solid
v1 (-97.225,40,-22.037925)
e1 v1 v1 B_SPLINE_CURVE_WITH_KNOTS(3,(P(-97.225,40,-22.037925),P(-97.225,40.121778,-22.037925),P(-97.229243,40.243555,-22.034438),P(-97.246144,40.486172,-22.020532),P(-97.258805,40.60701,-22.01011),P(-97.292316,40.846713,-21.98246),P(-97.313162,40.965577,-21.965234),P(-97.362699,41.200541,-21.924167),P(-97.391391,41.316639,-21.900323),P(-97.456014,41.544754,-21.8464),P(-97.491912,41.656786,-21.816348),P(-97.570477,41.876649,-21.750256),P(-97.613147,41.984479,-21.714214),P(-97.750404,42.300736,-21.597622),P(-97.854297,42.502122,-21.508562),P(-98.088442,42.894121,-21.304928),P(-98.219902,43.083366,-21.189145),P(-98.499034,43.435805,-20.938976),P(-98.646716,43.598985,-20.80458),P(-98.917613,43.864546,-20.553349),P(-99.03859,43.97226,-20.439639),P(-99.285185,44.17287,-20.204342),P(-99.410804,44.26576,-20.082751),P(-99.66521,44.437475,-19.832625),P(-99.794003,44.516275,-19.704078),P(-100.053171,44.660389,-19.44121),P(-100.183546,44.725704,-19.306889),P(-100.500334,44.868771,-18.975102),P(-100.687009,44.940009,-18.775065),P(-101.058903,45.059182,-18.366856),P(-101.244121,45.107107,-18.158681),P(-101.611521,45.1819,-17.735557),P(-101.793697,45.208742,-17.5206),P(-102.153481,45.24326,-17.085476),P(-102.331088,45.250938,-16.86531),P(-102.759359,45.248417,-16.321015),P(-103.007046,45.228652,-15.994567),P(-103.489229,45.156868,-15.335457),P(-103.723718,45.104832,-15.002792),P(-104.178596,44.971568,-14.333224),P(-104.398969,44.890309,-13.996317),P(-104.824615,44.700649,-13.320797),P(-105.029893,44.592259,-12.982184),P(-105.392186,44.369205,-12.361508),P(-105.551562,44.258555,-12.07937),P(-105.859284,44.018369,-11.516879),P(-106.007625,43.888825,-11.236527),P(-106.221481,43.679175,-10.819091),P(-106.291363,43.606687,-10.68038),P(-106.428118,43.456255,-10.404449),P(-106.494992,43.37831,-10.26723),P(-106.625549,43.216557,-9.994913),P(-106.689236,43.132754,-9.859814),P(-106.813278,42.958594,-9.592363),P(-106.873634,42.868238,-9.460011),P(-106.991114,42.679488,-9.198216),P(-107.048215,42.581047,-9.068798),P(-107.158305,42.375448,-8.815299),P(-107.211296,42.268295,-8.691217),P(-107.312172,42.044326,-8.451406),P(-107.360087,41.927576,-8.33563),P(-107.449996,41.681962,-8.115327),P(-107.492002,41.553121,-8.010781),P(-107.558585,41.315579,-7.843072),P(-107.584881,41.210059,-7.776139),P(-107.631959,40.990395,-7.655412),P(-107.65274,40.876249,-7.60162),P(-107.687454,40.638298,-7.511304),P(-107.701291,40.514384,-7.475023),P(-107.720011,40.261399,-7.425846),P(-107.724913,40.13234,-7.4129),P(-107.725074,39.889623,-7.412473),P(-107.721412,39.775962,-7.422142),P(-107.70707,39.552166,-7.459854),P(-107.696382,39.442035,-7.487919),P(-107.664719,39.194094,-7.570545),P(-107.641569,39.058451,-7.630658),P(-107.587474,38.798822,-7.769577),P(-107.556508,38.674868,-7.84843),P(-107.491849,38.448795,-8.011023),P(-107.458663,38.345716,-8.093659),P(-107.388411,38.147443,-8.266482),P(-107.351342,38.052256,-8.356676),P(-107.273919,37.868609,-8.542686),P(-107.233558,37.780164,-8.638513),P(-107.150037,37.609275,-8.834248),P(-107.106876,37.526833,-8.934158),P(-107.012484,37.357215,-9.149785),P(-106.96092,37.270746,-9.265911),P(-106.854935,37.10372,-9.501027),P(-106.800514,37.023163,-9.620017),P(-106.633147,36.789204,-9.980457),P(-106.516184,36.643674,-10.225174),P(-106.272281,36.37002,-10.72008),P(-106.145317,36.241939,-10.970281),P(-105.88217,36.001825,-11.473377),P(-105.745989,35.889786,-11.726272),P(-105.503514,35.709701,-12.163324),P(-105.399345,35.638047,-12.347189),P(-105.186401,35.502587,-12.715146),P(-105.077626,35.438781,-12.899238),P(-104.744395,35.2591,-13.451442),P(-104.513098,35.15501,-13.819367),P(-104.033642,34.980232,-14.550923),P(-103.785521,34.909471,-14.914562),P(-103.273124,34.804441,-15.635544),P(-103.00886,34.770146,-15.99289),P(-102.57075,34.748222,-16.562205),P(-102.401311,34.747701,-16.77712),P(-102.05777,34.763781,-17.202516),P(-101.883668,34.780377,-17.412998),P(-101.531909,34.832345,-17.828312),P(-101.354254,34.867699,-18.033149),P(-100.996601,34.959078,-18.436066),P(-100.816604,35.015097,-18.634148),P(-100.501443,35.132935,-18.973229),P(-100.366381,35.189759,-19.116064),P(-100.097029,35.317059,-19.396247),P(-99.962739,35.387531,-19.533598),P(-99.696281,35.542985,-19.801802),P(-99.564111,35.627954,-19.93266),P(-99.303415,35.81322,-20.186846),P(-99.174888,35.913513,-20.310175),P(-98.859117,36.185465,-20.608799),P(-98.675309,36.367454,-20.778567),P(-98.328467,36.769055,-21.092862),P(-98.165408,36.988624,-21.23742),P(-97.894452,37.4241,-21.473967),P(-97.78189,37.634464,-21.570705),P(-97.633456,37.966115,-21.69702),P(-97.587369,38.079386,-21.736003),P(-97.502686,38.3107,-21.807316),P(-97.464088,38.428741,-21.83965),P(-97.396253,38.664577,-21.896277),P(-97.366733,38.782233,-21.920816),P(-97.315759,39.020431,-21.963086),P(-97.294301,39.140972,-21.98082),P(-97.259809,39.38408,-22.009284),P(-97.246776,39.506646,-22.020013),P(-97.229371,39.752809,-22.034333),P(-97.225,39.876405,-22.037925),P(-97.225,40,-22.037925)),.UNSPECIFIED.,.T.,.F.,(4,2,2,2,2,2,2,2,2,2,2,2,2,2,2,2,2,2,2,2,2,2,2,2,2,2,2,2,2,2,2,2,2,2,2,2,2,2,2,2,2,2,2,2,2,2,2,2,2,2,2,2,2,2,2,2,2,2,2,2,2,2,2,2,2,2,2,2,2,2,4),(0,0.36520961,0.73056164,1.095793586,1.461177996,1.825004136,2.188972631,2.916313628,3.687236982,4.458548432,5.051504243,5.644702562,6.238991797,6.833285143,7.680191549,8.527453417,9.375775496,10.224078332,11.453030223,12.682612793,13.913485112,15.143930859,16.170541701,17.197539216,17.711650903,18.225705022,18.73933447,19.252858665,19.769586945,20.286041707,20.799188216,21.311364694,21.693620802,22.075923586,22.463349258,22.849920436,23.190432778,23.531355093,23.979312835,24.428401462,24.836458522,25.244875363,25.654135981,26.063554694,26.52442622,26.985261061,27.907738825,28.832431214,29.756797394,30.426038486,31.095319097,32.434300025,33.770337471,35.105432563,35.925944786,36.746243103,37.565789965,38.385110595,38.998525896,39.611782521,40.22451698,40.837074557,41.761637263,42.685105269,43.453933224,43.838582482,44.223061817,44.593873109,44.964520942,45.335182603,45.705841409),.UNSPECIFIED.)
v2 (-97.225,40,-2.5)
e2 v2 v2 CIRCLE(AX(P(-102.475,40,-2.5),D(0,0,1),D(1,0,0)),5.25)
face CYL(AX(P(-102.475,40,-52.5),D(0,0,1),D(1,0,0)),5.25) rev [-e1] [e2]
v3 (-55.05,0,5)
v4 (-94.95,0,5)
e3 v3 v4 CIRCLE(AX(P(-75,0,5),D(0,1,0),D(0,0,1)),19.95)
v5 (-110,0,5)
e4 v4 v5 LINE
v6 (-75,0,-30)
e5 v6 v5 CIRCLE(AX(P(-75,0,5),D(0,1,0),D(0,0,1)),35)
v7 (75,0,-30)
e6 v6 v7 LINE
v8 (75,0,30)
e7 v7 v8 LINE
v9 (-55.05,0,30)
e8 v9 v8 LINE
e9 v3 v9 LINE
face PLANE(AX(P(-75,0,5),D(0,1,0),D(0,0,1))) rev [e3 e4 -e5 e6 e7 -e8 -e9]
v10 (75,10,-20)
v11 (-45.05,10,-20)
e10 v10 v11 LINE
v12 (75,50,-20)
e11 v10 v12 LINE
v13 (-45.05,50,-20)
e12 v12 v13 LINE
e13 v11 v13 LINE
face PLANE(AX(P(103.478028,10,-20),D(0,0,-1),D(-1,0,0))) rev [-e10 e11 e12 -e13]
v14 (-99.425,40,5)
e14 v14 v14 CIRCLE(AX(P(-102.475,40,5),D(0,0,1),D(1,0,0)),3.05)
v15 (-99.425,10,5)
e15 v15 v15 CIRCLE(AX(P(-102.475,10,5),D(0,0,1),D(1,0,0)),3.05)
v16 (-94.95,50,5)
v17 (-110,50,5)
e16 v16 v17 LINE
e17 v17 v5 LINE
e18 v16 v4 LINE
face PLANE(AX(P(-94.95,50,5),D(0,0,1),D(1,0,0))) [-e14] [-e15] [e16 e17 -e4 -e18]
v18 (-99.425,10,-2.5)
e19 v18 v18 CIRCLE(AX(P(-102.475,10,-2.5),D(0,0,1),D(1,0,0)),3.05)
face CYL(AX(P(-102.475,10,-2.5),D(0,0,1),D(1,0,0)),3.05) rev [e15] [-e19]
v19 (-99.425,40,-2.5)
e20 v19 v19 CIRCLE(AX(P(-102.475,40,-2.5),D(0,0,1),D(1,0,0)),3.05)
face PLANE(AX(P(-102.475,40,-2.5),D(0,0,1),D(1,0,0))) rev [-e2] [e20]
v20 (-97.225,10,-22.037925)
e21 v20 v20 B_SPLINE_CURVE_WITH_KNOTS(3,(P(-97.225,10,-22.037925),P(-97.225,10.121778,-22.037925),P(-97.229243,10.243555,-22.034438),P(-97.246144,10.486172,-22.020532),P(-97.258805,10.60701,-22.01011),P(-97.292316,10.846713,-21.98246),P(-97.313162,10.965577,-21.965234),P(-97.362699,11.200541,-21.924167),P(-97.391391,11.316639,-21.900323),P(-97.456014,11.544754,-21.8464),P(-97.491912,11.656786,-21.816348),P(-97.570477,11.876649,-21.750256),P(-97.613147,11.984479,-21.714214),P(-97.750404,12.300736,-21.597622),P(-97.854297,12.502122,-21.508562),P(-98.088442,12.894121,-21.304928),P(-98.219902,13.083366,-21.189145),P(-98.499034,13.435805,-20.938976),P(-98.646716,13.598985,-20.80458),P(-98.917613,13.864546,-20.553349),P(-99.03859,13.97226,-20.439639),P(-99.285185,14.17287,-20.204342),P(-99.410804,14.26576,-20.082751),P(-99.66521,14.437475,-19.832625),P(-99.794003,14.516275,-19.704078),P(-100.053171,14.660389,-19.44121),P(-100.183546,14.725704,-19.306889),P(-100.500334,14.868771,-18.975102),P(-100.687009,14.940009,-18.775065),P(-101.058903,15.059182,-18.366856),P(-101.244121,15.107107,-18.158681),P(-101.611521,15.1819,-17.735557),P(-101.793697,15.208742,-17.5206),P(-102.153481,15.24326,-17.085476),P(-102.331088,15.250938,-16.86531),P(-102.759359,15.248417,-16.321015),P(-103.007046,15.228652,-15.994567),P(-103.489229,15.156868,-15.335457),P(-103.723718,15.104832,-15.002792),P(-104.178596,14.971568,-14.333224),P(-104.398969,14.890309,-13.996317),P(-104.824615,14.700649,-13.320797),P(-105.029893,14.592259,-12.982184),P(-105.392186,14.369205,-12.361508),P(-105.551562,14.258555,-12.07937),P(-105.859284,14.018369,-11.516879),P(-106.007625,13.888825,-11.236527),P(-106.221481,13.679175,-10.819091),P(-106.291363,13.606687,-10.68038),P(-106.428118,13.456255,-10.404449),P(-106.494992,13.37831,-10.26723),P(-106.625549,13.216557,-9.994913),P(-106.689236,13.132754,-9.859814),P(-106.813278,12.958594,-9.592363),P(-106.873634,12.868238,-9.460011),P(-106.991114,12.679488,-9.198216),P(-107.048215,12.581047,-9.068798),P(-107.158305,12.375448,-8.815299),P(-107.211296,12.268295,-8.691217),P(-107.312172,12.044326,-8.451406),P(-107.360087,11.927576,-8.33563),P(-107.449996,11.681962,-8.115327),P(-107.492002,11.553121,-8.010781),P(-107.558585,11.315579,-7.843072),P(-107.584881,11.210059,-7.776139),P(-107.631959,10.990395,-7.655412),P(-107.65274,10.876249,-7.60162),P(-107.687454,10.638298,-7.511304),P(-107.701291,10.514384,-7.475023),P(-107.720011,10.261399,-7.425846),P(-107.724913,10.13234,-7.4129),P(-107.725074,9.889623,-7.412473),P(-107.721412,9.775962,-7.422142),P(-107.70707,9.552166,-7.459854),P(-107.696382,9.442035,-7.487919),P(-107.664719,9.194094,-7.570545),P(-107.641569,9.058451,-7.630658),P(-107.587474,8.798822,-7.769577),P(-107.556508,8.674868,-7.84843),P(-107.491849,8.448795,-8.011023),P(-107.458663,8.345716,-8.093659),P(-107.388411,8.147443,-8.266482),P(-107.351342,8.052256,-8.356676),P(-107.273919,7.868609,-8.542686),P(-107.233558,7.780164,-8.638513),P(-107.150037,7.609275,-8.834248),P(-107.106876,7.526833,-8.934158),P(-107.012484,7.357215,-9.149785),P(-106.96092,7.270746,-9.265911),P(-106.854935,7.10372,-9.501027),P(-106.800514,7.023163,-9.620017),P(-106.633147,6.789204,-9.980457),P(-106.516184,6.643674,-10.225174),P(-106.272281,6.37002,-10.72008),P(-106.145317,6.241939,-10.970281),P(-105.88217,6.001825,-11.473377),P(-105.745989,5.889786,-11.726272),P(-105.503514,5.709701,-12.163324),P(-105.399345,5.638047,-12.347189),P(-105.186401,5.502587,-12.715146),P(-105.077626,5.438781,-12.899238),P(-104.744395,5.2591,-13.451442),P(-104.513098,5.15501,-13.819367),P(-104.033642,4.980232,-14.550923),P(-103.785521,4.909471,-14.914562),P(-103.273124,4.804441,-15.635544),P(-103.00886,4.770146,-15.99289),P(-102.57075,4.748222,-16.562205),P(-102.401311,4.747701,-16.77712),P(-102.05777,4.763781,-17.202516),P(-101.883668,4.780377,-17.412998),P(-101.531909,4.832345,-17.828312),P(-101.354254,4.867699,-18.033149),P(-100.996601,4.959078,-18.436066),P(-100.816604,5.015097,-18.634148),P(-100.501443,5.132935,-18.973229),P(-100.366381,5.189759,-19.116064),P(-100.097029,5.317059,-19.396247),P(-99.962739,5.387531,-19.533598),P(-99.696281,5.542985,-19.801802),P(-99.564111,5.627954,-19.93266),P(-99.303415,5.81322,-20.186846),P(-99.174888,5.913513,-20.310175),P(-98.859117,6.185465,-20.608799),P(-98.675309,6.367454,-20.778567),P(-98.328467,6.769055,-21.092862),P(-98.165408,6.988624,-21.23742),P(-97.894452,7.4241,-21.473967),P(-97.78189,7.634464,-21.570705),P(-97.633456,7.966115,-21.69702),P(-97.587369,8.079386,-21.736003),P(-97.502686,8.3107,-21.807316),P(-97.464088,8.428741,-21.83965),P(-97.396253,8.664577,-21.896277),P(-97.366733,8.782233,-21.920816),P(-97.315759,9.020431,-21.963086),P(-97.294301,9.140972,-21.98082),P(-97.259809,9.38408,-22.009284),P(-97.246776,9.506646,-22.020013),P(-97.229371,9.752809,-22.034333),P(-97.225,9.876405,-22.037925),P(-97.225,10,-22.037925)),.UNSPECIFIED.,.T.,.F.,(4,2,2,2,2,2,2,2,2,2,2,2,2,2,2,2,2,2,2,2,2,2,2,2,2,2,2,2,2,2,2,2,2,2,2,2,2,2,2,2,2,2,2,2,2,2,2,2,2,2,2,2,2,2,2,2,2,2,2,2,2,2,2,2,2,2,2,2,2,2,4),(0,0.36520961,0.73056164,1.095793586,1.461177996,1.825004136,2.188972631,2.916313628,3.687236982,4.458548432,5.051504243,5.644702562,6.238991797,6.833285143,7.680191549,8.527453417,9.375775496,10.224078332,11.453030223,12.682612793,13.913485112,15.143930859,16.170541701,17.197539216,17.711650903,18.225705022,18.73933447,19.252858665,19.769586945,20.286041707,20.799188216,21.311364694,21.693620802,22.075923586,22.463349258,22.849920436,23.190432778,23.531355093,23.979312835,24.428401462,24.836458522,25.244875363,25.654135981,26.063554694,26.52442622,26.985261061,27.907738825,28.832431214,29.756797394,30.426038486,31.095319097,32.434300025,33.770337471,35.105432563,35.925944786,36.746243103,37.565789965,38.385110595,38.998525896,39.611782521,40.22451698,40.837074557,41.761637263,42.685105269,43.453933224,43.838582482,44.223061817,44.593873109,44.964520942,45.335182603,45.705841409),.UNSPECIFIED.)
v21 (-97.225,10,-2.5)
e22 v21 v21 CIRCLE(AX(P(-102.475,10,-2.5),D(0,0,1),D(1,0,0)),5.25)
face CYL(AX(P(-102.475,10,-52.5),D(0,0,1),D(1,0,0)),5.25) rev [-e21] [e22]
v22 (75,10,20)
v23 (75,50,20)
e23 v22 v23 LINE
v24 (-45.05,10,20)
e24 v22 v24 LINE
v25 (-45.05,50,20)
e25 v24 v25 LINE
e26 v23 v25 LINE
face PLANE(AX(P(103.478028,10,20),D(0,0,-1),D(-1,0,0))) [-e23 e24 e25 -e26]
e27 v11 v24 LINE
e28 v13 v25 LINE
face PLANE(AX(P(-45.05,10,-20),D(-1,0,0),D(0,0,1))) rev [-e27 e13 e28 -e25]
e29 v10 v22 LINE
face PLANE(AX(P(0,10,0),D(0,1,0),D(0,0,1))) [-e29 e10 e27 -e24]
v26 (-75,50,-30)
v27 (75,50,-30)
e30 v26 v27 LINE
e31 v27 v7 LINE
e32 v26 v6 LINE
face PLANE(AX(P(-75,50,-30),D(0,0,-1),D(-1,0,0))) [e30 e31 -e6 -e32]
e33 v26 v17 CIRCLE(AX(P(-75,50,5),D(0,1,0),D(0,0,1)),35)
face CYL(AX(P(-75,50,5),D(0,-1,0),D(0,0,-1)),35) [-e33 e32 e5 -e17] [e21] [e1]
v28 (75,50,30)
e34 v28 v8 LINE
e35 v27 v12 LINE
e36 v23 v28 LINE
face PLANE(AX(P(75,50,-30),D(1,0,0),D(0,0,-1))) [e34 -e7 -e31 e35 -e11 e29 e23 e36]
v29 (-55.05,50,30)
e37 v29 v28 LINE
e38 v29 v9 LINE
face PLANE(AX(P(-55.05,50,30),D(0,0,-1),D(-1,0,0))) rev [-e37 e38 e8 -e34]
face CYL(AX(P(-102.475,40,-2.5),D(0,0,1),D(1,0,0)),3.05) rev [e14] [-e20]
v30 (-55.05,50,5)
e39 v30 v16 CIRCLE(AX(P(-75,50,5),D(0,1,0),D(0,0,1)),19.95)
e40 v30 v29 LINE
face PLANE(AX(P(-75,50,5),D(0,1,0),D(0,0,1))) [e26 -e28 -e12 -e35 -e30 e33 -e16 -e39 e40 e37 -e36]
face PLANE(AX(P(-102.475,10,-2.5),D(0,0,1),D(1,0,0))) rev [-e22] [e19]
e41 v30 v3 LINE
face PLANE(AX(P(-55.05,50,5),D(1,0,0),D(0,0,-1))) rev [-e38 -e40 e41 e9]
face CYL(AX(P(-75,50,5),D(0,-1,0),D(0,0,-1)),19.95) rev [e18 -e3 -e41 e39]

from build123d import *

# Parameters (mm, degrees)
BOSS_EXTRUDE1_DEPTH = 50
SKETCH3_R           = 3.05
CUT_EXTRUDE1_DEPTH  = 7.5
SKETCH4_R           = 5.25
CUT_EXTRUDE2_DEPTH  = 50
SKETCH5_W           = 148.528027858
SKETCH5_H           = 40
CUT_EXTRUDE3_DEPTH  = 40


with BuildPart() as part:
    # Sketch2 → Boss-Extrude1 (new body)
    with BuildSketch(Plane(origin=(0, 0, 0), x_dir=(1, 0, 0), z_dir=(0, 1, 0))):
        with BuildLine():
            Line((-75, 30), (75, 30))
            Line((75, 30), (75, -30))
            Line((75, -30), (-55.05, -30))
            Line((-55.05, -30), (-55.05, -5))
            ThreePointArc((-55.05, -5), (-75, 14.95), (-94.95, -5))
            Line((-94.95, -5), (-110, -5))
            ThreePointArc((-110, -5), (-99.748737342, 19.748737342), (-75, 30))
        make_face()
    extrude(amount=BOSS_EXTRUDE1_DEPTH)

    # Sketch3 → Cut-Extrude1 (cut)
    with BuildSketch(Plane.XY.offset(5)):
        with Locations((-102.475, 40)):
            Circle(SKETCH3_R)
        with Locations((-102.475, 10)):
            Circle(SKETCH3_R)
    extrude(amount=-CUT_EXTRUDE1_DEPTH, mode=Mode.SUBTRACT)

    # Sketch4 → Cut-Extrude2 (cut)
    with BuildSketch(Plane.XY.offset(-2.5)):
        with Locations((-102.475, 40)):
            Circle(SKETCH4_R)
        with Locations((-102.475, 10)):
            Circle(SKETCH4_R)
    extrude(amount=-CUT_EXTRUDE2_DEPTH, mode=Mode.SUBTRACT)

    # Sketch5 → Cut-Extrude3 (cut)
    with BuildSketch(Plane(origin=(0, 50, 0), x_dir=(1, 0, 0), z_dir=(0, 1, 0))):
        with Locations((29.214013929, 0)):
            Rectangle(SKETCH5_W, SKETCH5_H)
    extrude(amount=-CUT_EXTRUDE3_DEPTH, mode=Mode.SUBTRACT)


solid = part.part
